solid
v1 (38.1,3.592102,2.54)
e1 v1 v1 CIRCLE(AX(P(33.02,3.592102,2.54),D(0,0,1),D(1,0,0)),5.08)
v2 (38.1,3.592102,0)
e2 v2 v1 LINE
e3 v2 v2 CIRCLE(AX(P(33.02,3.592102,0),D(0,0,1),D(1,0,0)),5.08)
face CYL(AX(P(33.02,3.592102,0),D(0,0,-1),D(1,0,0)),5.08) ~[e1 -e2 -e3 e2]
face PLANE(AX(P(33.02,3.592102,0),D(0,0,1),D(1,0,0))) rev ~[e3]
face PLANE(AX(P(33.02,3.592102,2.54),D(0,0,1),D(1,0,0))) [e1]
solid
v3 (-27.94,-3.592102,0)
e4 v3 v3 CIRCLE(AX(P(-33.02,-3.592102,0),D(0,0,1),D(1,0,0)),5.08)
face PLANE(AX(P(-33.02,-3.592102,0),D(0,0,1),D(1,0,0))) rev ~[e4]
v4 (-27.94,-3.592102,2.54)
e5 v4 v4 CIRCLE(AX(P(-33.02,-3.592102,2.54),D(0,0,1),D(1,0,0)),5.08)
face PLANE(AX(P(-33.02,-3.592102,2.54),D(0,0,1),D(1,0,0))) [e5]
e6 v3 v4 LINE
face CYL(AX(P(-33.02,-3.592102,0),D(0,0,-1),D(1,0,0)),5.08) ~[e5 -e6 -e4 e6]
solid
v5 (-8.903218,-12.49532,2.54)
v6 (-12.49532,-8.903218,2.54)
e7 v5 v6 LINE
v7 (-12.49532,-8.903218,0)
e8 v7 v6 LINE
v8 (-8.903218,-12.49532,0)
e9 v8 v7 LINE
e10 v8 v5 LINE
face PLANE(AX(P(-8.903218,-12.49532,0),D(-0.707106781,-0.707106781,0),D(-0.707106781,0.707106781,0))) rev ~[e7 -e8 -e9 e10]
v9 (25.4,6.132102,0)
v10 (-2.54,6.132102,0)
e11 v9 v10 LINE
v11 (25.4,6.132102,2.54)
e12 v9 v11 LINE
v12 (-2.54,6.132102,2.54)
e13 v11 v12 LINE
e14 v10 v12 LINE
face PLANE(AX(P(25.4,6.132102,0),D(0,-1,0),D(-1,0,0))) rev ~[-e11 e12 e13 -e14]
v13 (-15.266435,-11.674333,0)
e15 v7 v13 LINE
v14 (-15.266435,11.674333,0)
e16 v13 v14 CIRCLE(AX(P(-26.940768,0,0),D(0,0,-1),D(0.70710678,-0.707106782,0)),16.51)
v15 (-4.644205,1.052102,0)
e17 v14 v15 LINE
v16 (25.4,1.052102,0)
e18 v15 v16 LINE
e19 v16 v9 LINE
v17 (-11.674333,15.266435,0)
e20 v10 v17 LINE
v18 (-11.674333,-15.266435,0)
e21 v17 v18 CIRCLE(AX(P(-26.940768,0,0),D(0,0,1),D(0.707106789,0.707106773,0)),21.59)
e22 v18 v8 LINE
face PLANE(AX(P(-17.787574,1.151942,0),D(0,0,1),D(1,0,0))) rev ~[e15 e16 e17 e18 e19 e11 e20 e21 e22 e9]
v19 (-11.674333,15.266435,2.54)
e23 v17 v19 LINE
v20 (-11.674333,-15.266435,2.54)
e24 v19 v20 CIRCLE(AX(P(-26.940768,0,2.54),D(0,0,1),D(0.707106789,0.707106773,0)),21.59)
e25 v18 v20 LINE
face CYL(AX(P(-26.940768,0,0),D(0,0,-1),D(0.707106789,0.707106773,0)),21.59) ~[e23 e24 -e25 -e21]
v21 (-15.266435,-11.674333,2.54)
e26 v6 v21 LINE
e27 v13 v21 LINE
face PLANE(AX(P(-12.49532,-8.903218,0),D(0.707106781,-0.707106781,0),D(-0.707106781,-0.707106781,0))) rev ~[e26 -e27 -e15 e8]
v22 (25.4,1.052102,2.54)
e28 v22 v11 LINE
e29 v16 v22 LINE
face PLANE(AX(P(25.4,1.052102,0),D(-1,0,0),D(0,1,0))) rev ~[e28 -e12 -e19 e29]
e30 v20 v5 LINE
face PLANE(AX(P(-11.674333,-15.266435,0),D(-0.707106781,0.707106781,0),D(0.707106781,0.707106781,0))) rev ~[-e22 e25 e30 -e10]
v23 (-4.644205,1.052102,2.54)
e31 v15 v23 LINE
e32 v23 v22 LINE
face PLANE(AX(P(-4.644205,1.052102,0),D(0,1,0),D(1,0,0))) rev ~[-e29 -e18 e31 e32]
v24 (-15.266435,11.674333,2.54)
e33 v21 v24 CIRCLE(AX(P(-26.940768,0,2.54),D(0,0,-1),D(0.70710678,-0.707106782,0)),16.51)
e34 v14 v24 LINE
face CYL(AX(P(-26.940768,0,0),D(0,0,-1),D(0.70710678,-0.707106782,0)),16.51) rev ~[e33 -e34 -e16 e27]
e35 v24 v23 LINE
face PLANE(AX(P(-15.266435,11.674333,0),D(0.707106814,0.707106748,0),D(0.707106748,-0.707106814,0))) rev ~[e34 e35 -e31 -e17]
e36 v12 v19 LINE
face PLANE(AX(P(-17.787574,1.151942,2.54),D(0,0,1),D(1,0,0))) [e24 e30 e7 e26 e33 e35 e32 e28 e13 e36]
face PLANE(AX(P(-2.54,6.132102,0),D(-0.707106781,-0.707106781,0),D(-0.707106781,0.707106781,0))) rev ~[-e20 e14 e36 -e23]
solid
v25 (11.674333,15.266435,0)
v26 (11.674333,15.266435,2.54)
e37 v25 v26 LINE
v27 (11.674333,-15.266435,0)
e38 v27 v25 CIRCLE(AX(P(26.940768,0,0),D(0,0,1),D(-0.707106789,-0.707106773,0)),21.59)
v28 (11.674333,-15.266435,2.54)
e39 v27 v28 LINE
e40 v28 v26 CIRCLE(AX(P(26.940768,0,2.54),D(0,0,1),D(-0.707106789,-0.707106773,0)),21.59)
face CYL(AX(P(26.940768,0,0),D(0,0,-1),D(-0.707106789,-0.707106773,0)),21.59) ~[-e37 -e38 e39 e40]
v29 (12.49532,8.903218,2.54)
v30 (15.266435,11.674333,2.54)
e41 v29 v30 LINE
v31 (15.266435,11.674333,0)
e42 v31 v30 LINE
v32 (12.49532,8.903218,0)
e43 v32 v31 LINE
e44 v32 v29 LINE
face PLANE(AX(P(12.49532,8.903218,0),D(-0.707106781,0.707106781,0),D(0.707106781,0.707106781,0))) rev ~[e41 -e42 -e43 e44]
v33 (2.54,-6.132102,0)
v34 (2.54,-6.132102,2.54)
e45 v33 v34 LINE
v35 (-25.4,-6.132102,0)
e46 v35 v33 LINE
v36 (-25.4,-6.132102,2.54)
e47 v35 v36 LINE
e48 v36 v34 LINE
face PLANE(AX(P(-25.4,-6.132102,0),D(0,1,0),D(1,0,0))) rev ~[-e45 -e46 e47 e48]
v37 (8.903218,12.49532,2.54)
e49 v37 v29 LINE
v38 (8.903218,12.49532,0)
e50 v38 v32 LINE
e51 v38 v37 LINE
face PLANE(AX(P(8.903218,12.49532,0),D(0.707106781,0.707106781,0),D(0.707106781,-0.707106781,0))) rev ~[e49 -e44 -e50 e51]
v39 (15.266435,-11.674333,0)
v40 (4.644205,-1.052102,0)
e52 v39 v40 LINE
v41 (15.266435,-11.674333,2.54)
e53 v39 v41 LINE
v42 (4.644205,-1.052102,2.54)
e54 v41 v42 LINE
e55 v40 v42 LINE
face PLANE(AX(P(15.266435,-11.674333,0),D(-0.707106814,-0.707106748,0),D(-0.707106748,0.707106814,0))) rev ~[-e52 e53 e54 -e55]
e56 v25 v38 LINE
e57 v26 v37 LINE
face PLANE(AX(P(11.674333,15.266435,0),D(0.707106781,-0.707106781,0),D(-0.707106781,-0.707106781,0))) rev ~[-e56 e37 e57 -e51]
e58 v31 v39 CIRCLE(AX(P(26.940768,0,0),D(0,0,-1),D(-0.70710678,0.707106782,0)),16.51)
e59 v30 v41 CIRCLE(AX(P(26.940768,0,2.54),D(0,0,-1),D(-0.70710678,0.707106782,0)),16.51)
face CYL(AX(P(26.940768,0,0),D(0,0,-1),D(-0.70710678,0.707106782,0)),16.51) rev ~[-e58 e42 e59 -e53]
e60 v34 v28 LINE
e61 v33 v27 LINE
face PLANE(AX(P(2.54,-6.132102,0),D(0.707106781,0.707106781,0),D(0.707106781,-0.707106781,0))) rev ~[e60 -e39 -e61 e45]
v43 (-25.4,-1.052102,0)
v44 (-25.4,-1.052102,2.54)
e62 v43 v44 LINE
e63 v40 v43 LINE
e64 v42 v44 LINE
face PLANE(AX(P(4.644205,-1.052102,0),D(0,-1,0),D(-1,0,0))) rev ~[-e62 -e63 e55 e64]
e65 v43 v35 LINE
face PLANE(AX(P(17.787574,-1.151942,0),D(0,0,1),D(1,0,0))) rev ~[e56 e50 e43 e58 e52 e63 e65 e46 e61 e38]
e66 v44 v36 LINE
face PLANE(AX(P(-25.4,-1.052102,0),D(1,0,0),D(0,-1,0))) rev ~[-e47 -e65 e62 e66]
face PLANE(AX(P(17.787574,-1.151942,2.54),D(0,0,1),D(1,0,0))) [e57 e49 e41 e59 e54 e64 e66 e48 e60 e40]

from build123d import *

# Parameters (mm, degrees)
F2_R     = 5.08
F3_DEPTH = 2.54


with BuildPart() as f3:
    # F2 (on Top) → F3 (new body)
    with BuildSketch(Plane.XY):
        with BuildLine():
            Line((-2.54, 6.132102), (-11.674333, 15.266435))
            ThreePointArc((-11.674333, 15.266435), (-48.530768, 0), (-11.674333, -15.266435))
            Line((-11.674333, -15.266435), (-8.903218, -12.49532))
            Line((-8.903218, -12.49532), (-12.49532, -8.903218))
            Line((-12.49532, -8.903218), (-15.266435, -11.674333))
            ThreePointArc((-15.266435, -11.674333), (-43.450768, 0), (-15.266435, 11.674333))
            Line((-15.266435, 11.674333), (-4.644205, 1.052102))
            Line((-4.644205, 1.052102), (25.4, 1.052102))
            Line((25.4, 1.052102), (25.4, 6.132102))
            Line((25.4, 6.132102), (-2.54, 6.132102))
        make_face()
        with BuildLine():
            Line((12.49532, 8.903218), (15.266435, 11.674333))
            ThreePointArc((15.266435, 11.674333), (43.450768, 0), (15.266435, -11.674333))
            Line((15.266435, -11.674333), (4.644205, -1.052102))
            Line((4.644205, -1.052102), (-25.4, -1.052102))
            Line((-25.4, -1.052102), (-25.4, -6.132102))
            Line((-25.4, -6.132102), (2.54, -6.132102))
            Line((2.54, -6.132102), (11.674333, -15.266435))
            ThreePointArc((11.674333, -15.266435), (48.530768, 0), (11.674333, 15.266435))
            Line((11.674333, 15.266435), (8.903218, 12.49532))
            Line((8.903218, 12.49532), (12.49532, 8.903218))
        make_face()
        with Locations((33.02, 3.592102)):
            Circle(F2_R)
        with Locations((-33.02, -3.592102)):
            Circle(F2_R)
    extrude(amount=F3_DEPTH)


solid = f3.part
